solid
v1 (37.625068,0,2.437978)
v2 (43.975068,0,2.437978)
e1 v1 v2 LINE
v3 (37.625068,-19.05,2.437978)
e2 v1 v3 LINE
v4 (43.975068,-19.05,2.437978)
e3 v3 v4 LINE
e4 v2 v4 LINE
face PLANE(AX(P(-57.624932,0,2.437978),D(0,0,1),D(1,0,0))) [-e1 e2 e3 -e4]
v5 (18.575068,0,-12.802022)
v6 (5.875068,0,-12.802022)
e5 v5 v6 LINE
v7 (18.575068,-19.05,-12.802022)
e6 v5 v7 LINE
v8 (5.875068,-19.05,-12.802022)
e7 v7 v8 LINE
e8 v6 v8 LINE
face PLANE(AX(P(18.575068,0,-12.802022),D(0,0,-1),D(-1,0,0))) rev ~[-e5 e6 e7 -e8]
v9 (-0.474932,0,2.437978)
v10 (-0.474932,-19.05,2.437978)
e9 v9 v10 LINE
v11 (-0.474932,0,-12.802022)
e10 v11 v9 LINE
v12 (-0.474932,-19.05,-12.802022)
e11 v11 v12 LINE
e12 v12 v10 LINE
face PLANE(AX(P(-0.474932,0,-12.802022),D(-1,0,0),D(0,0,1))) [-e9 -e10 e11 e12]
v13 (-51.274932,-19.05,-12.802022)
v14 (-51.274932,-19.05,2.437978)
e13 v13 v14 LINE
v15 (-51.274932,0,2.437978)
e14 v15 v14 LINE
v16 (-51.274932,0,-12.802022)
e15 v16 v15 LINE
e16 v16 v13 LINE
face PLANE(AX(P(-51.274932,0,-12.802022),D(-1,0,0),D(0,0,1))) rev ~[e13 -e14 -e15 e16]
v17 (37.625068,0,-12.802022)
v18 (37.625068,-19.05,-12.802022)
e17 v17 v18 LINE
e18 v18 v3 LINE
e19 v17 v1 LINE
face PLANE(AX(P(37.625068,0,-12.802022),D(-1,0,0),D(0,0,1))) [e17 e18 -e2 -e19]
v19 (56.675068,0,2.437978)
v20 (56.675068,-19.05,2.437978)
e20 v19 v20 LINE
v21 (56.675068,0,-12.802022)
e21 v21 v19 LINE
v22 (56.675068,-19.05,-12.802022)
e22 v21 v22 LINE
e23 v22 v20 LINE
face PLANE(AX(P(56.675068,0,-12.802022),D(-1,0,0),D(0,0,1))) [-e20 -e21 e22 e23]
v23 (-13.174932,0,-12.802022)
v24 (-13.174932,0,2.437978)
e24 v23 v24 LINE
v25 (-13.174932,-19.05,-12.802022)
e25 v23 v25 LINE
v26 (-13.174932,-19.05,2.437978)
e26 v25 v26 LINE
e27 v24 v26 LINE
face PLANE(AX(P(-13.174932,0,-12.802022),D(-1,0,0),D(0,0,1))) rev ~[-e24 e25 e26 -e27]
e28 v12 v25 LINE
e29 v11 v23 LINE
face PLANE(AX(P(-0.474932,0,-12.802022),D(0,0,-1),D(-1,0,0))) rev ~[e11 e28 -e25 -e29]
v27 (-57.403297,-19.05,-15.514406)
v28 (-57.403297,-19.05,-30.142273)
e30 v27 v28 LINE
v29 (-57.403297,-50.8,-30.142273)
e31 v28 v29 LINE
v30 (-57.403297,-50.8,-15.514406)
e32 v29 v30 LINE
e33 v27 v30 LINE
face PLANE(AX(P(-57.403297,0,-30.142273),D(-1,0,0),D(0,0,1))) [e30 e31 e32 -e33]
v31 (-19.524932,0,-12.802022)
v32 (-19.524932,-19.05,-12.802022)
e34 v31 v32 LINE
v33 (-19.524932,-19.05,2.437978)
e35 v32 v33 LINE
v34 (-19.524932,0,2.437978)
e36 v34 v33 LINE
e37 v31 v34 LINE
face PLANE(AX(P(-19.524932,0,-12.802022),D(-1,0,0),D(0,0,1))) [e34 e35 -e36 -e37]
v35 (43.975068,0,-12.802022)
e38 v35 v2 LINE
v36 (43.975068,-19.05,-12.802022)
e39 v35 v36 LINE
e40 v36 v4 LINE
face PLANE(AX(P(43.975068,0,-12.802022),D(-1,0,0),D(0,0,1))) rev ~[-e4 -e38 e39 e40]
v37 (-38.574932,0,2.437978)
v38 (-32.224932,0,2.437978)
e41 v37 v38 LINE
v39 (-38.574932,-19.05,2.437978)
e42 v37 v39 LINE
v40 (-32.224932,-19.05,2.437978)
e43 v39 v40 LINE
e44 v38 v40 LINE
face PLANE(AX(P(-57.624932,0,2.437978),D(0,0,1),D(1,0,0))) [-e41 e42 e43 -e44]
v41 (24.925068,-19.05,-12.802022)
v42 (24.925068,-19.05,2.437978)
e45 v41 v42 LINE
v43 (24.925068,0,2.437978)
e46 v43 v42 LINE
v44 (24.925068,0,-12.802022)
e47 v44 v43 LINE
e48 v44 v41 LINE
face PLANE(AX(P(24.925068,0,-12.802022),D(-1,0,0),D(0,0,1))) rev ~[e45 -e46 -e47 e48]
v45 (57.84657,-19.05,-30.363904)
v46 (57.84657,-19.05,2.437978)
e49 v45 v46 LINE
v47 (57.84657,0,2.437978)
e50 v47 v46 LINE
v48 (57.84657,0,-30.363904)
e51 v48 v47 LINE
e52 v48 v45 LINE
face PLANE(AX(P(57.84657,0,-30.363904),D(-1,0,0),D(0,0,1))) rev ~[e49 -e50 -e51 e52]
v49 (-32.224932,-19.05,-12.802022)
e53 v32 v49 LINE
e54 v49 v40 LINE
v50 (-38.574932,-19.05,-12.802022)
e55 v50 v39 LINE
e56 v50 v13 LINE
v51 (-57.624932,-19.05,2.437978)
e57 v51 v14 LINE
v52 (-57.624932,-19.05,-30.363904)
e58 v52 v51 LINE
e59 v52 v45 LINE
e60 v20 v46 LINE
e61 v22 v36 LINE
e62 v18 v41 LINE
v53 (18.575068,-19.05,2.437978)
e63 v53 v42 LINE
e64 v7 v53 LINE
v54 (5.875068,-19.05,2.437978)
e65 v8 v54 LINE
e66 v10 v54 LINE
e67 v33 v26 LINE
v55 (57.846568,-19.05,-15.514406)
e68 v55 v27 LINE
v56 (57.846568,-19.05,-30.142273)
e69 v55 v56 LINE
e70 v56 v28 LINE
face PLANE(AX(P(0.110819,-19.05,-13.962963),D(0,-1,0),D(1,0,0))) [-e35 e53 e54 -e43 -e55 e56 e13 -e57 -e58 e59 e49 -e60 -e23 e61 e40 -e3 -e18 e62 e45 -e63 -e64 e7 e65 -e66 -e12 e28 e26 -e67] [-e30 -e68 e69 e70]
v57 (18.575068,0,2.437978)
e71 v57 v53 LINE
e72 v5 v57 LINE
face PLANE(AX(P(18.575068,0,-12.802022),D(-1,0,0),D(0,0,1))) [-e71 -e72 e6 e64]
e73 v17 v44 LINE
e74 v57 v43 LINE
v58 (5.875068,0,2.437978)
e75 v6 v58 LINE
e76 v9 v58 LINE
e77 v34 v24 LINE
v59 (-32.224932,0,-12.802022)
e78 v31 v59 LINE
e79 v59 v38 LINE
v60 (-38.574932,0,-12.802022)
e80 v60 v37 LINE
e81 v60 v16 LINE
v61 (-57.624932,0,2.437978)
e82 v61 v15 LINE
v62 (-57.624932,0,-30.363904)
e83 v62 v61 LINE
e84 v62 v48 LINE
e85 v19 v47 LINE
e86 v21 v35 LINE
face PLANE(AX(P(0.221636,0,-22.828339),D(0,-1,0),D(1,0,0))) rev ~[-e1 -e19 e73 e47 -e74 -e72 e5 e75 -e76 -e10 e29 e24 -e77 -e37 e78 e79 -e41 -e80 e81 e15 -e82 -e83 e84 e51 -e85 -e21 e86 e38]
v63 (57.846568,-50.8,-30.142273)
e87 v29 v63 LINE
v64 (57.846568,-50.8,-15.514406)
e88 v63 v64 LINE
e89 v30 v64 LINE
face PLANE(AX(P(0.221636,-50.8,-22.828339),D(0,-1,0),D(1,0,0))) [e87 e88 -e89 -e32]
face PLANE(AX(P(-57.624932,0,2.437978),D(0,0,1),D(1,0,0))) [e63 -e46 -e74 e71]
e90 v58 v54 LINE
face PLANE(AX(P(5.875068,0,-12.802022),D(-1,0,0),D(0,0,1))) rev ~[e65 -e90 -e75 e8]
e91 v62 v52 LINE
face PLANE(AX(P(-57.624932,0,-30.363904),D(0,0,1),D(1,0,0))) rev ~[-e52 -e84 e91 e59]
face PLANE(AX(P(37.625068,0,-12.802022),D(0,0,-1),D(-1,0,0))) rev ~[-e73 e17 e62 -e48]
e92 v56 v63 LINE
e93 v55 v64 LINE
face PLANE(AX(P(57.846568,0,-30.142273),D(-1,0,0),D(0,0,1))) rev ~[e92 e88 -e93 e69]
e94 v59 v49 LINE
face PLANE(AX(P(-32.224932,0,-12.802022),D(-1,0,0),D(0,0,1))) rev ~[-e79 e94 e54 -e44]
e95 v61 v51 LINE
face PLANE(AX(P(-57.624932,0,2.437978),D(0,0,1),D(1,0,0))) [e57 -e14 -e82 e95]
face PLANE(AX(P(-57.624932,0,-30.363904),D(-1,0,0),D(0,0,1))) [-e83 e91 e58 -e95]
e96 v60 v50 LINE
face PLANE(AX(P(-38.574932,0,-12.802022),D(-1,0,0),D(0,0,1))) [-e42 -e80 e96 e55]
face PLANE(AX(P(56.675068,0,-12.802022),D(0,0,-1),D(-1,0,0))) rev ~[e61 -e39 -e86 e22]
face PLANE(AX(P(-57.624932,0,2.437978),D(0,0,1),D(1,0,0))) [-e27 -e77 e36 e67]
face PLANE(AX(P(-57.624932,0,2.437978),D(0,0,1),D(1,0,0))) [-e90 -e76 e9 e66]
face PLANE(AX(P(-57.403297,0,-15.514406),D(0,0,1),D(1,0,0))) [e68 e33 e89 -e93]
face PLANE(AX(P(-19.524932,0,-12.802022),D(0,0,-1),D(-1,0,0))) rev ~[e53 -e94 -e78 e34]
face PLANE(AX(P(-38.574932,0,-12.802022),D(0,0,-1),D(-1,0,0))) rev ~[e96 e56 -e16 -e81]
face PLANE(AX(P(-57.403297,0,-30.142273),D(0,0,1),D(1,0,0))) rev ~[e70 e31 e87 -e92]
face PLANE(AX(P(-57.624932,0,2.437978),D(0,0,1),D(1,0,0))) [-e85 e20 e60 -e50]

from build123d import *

# Parameters (mm, degrees)
F0_W     = 115.471501
F0_H     = 32.801882
F1_DEPTH = 19.05
F2_W     = 115.249865
F2_H     = 14.627867
F3_DEPTH = 50.8
F4_W     = 12.7
F4_H     = 15.24
F5_DEPTH = 19.05


with BuildPart() as f1:
    # F0 (on Front) → F1 (new body)
    with BuildSketch(Plane.XZ):
        with Locations((0.110819, -13.962963)):
            Rectangle(F0_W, F0_H)
    extrude(amount=F1_DEPTH)

    # F2 (on Front) → F3 (join)
    with BuildSketch(Plane.XZ):
        with Locations((0.221636, -22.828339)):
            Rectangle(F2_W, F2_H)
    extrude(amount=F3_DEPTH)

    # F4 (on face) → F5 (cut)
    with BuildSketch(Plane(origin=(0, 0, 0), x_dir=(-1, 0, 0), z_dir=(0, 1, 0))):
        with Locations((44.924932, -5.182022)):
            Rectangle(F4_W, F4_H)
        with Locations((25.874932, -5.182022)):
            Rectangle(F4_W, F4_H)
        with Locations((6.824932, -5.182022)):
            Rectangle(F4_W, F4_H)
        with Locations((-12.225068, -5.182022)):
            Rectangle(F4_W, F4_H)
        with Locations((-31.275068, -5.182022)):
            Rectangle(F4_W, F4_H)
        with Locations((-50.325068, -5.182022)):
            Rectangle(F4_W, F4_H)
    extrude(amount=-F5_DEPTH, mode=Mode.SUBTRACT)


solid = f1.part
